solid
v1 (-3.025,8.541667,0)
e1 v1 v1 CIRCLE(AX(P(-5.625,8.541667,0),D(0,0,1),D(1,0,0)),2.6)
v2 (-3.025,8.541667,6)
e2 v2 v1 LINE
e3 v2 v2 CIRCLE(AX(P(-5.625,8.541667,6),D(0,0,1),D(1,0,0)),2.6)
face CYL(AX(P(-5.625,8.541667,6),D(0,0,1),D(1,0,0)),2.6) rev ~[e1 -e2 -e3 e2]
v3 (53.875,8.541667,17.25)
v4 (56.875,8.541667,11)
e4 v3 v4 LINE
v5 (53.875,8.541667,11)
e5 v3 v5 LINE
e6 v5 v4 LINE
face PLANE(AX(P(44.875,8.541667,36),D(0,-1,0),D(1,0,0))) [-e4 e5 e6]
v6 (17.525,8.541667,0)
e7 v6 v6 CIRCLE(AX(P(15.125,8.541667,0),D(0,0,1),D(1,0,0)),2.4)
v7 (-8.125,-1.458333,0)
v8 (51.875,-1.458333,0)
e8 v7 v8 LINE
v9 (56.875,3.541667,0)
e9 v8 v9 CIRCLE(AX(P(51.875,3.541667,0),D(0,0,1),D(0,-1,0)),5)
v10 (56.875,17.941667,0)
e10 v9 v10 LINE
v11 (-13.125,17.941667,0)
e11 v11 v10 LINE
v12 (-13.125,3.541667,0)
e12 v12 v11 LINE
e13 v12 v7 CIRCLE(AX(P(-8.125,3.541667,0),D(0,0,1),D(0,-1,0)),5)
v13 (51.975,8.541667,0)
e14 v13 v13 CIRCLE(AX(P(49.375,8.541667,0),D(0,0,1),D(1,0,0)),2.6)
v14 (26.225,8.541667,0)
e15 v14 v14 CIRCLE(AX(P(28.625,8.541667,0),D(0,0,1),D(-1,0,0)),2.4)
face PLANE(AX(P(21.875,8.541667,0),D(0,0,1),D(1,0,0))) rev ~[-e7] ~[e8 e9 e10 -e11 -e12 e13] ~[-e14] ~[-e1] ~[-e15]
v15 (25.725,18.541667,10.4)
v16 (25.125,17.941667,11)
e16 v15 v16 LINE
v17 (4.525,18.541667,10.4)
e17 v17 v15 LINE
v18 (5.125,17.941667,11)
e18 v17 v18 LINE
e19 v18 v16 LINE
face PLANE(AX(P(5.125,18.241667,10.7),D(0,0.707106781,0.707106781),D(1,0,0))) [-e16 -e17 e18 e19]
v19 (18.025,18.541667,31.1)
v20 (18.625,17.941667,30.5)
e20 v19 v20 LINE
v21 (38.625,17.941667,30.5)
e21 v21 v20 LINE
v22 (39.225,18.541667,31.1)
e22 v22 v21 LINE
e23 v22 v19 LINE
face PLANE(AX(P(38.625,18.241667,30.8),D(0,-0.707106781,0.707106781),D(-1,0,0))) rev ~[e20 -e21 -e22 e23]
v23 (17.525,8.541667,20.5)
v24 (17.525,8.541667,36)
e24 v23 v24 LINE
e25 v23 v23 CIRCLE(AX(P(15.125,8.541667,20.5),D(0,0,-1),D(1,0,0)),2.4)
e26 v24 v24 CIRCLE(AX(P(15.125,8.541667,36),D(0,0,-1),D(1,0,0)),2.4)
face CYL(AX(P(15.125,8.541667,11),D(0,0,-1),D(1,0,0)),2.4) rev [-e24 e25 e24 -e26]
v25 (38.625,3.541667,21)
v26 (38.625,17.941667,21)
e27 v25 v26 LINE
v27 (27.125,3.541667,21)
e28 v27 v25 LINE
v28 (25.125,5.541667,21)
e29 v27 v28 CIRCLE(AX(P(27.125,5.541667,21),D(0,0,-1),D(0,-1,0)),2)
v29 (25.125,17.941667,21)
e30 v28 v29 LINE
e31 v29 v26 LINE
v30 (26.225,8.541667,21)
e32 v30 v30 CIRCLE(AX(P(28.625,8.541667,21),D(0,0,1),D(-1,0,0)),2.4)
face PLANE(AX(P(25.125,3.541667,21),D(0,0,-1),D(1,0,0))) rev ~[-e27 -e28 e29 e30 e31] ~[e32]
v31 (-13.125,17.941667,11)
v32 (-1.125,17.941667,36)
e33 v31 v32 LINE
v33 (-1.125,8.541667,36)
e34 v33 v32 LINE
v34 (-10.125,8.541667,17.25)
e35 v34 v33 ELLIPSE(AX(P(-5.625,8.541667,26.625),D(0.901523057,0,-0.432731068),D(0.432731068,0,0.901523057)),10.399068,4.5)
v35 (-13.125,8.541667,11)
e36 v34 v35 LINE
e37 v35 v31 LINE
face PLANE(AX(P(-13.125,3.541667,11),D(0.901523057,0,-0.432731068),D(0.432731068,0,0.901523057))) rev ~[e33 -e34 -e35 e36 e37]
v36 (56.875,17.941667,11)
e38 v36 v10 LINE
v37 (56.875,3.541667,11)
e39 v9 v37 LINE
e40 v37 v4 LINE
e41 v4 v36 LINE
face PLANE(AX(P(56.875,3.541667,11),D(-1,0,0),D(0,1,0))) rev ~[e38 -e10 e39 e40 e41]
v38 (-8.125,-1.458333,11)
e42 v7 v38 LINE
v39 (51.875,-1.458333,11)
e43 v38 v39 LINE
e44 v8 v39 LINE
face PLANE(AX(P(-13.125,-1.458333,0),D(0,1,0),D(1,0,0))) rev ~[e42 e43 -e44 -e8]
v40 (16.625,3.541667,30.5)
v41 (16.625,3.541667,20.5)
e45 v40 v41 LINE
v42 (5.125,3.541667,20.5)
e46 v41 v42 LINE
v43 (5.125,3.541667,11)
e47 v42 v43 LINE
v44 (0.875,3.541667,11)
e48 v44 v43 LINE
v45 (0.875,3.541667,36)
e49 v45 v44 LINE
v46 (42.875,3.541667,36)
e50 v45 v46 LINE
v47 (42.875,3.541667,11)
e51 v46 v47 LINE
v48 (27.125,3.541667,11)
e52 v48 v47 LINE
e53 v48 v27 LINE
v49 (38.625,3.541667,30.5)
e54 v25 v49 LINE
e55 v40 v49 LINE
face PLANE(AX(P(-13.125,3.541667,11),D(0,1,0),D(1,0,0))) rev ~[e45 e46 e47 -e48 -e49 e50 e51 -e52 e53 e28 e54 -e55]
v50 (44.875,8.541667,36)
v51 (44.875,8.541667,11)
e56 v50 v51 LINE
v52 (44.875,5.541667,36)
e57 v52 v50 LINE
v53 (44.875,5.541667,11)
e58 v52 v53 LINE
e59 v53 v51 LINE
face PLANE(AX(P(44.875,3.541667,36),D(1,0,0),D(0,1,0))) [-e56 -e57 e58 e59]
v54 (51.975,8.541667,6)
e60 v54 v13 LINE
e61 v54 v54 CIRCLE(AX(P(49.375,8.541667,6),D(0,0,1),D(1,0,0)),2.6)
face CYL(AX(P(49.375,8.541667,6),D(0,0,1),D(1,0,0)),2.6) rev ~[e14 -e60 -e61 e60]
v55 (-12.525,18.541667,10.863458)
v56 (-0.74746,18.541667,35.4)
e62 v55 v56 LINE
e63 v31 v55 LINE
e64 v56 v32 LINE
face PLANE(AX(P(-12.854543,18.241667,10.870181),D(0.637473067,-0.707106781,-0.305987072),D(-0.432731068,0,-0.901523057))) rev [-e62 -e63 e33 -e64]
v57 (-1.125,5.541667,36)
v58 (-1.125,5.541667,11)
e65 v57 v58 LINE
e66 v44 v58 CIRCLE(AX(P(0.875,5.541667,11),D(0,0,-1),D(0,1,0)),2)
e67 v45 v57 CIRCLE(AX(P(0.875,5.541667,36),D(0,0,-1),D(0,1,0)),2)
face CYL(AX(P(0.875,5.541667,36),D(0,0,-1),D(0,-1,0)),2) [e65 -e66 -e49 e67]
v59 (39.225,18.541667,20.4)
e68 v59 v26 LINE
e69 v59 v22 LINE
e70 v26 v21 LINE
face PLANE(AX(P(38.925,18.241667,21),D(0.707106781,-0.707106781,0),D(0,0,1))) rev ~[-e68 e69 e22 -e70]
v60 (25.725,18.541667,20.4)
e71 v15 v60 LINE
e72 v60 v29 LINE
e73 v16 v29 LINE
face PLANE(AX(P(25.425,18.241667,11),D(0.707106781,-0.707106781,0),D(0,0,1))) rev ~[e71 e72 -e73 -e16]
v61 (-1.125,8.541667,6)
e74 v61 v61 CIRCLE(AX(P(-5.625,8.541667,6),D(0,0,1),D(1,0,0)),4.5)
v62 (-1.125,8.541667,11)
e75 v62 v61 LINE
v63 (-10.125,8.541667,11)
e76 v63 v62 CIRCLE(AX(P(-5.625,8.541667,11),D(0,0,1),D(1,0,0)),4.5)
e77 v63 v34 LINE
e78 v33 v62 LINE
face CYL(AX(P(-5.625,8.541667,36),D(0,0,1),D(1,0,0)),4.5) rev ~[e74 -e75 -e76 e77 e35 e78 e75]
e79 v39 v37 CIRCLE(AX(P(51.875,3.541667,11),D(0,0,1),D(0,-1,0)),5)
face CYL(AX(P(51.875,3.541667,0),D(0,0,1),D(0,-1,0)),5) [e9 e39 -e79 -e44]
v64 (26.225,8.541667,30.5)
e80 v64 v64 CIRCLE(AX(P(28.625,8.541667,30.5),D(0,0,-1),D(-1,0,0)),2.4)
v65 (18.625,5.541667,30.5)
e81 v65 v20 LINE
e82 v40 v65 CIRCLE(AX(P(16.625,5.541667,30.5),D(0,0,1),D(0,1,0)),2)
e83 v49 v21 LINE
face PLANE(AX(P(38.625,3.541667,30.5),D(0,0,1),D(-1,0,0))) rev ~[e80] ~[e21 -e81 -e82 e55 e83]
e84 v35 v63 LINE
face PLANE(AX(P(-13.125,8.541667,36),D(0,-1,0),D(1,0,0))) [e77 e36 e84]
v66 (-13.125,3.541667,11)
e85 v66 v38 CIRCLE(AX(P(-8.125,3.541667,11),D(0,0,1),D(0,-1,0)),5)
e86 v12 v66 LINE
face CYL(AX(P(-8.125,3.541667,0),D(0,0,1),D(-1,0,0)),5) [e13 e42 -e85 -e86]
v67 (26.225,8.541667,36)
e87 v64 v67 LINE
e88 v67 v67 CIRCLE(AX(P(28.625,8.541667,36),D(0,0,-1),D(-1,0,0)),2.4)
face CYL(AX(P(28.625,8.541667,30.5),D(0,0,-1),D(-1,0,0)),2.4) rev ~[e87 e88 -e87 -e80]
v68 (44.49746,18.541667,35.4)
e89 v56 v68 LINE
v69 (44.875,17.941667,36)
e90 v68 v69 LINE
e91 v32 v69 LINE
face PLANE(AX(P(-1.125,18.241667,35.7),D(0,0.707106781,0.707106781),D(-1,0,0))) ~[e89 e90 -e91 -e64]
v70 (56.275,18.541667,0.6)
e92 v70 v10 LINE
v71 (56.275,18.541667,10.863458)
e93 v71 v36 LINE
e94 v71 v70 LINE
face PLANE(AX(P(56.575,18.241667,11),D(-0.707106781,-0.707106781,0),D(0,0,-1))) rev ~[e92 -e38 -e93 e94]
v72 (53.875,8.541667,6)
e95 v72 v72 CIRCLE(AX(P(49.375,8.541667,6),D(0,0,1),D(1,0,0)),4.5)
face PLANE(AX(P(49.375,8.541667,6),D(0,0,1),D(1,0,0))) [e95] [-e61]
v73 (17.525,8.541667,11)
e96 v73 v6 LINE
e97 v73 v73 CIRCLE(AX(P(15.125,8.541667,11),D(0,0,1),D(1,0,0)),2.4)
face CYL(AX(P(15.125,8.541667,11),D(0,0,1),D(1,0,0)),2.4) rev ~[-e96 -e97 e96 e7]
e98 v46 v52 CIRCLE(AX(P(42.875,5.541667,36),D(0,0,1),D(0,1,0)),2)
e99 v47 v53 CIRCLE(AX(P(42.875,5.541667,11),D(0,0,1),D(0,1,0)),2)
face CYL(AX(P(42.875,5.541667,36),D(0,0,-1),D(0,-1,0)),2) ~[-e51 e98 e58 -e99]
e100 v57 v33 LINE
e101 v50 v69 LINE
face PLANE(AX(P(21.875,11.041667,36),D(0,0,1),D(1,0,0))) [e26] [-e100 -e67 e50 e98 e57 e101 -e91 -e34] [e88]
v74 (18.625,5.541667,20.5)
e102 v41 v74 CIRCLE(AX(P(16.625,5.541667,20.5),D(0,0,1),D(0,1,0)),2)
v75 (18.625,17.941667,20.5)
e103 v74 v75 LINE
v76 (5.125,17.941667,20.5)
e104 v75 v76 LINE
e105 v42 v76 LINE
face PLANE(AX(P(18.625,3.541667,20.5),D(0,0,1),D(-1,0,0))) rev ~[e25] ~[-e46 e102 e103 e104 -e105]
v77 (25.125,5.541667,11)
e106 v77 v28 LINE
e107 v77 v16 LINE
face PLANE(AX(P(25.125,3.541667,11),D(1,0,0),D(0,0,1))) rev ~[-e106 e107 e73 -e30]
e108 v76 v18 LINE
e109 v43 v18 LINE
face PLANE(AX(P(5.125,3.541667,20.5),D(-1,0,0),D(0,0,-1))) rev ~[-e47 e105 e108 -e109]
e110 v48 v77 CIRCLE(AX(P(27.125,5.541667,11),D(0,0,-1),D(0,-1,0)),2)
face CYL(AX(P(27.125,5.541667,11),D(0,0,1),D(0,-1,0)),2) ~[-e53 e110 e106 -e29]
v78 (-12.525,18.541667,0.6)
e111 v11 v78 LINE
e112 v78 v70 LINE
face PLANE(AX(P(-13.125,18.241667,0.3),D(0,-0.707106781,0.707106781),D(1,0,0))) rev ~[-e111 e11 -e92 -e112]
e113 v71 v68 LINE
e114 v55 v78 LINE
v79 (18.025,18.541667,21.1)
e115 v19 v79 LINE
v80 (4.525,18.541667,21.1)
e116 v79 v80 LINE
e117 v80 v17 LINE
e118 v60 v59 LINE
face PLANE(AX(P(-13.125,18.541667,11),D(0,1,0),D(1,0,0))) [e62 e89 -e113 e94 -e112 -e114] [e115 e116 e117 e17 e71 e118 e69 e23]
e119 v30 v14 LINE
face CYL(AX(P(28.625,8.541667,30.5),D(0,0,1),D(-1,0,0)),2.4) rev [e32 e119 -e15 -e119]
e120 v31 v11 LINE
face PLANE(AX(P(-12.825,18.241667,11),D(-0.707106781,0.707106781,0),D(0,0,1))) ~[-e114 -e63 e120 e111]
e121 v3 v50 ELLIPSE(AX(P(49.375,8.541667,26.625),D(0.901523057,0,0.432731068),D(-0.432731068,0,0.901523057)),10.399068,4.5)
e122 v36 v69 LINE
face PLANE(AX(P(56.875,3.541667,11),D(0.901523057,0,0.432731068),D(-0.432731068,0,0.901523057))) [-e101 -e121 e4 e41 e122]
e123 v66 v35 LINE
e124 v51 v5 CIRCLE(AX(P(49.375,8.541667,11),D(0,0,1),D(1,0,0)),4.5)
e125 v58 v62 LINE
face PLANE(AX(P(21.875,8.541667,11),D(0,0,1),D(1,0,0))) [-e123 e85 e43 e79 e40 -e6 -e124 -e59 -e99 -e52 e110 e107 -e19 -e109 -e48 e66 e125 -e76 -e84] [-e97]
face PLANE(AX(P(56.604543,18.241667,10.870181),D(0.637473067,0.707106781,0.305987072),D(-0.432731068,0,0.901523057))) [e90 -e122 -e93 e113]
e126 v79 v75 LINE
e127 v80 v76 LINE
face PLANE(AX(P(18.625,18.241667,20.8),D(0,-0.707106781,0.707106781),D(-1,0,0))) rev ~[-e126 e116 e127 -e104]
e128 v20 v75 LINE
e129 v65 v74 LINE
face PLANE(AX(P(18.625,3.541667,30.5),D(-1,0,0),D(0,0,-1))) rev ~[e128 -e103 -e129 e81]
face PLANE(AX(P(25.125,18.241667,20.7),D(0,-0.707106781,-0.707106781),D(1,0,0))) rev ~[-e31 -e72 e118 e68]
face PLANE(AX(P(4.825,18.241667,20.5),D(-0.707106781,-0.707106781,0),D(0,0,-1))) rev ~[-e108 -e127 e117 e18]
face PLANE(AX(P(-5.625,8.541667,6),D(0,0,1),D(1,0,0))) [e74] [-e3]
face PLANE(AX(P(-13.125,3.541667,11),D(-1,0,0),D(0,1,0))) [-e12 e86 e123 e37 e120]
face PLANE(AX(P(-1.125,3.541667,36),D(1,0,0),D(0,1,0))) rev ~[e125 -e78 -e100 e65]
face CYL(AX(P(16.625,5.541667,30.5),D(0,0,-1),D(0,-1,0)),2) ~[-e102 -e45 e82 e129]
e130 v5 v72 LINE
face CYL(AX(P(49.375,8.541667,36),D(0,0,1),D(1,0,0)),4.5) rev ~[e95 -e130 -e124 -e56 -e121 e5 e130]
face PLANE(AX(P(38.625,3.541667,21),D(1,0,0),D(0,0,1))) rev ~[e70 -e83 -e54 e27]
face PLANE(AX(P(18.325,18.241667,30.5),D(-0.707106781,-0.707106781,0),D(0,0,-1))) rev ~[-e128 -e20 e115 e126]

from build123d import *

# Parameters (mm, degrees)
SKETCH_1_W               = 70
SKETCH_1_H               = 20
EXTRUDE_1_DEPTH          = 11
SKETCH_3_W               = 70
SKETCH_3_H               = 15
EXTRUDE_2_DEPTH          = 25
CUT_EXTRUDE_1_DEPTH      = 15
SKETCH_5_R               = 4.5
CUT_EXTRUDE_2_DEPTH      = 30
SKETCH_11_R              = 2.6
CUT_EXTRUDE_7_DEPTH      = 6
SKETCH_12_W              = 12
SKETCH_12_H              = 5
CUT_EXTRUDE_8_DEPTH      = 25
SKETCH_8_R               = 2.4
CUT_EXTRUDE_5_DEPTH      = 31.5
CUT_EXTRUDE_5_DEPTH_BACK = 6.5
SKETCH_10_R              = 2.4
CUT_EXTRUDE_6_DEPTH      = 26
CUT_EXTRUDE_6_DEPTH_BACK = 12
FILLET_1_R               = 5
CHAMFER_1_SIZE           = 0.6
FILLET_2_R               = 2


with BuildPart() as part:
    # 草图1 → 凸台-拉伸1 (new body)
    with BuildSketch(Plane.XY):
        with Locations((21.875, 8.541666667)):
            Rectangle(SKETCH_1_W, SKETCH_1_H)
    extrude(amount=EXTRUDE_1_DEPTH)

    # 草图3 → 凸台-拉伸2 (add)
    with BuildSketch(Plane.XY.offset(11)):
        with Locations((21.875, 11.041666667)):
            Rectangle(SKETCH_3_W, SKETCH_3_H)
    extrude(amount=EXTRUDE_2_DEPTH)

    # 草图4 → 切除-拉伸1 (cut)
    with BuildSketch(Plane.XZ.offset(-3.541666667)):
        Polygon((-13.125, 36), (-13.125, 11), (-1.125, 36), align=None)
        Polygon((56.875, 11), (44.875, 36), (56.875, 36), align=None)
        Polygon((5.125, 11), (25.125, 11), (25.125, 21), (38.625, 21), (38.625, 30.5), (18.625, 30.5), (18.625, 21), (18.625, 20.5), (5.125, 20.5), align=None)
    extrude(amount=-CUT_EXTRUDE_1_DEPTH, mode=Mode.SUBTRACT)

    # 草图5 → 切除-拉伸2 (cut)
    with BuildSketch(Plane.XY.offset(36)):
        with Locations((-5.625, 8.541666667)):
            Circle(SKETCH_5_R)
        with Locations((49.375, 8.541666667)):
            Circle(SKETCH_5_R)
    extrude(amount=-CUT_EXTRUDE_2_DEPTH, mode=Mode.SUBTRACT)

    # 草图11 → 切除-拉伸7 (cut)
    with BuildSketch(Plane.XY.offset(6)):
        with Locations((-5.625, 8.541666667)):
            Circle(SKETCH_11_R)
        with Locations((49.375, 8.541666667)):
            Circle(SKETCH_11_R)
    extrude(amount=-CUT_EXTRUDE_7_DEPTH, mode=Mode.SUBTRACT)

    # 草图12 → 切除-拉伸8 (cut)
    with BuildSketch(Plane.XY.offset(36)):
        with Locations((-7.125, 6.041666667)):
            Rectangle(SKETCH_12_W, SKETCH_12_H)
        with Locations((50.875, 6.041666667)):
            Rectangle(SKETCH_12_W, SKETCH_12_H)
    extrude(amount=-CUT_EXTRUDE_8_DEPTH, mode=Mode.SUBTRACT)

    # 草图8 → 切除-拉伸5 (cut, two sides)
    with BuildSketch(Plane(origin=(0, 0, 30.5), x_dir=(-1, 0, 0), z_dir=(0, 0, -1))) as cut_extrude_5_sk:
        with Locations((-28.625, 8.541666667)):
            Circle(SKETCH_8_R)
    extrude(amount=CUT_EXTRUDE_5_DEPTH, mode=Mode.SUBTRACT)
    extrude(cut_extrude_5_sk.sketch, amount=-CUT_EXTRUDE_5_DEPTH_BACK, mode=Mode.SUBTRACT)

    # 草图10 → 切除-拉伸6 (cut, two sides)
    with BuildSketch(Plane.XY.offset(11)) as cut_extrude_6_sk:
        with Locations((15.125, 8.541666667)):
            Circle(SKETCH_10_R)
    extrude(amount=CUT_EXTRUDE_6_DEPTH, mode=Mode.SUBTRACT)
    extrude(cut_extrude_6_sk.sketch, amount=-CUT_EXTRUDE_6_DEPTH_BACK, mode=Mode.SUBTRACT)

    # 圆角1
    fillet_1_edges = [part.edges().sort_by_distance(p)[0] for p in [
        (56.875, -1.458333333, 5.5),
        (-13.125, -1.458333333, 5.5),
    ]]
    fillet(fillet_1_edges, radius=FILLET_1_R)

    # 倒角1
    chamfer_1_edges = [part.edges().sort_by_distance(p)[0] for p in [
        (21.875, 18.541666667, 36),
        (-13.125, 18.541666667, 5.5),
        (56.875, 18.541666667, 5.5),
        (-7.125, 18.541666667, 23.5),
        (50.875, 18.541666667, 23.5),
        (5.125, 18.541666667, 15.75),
        (11.875, 18.541666667, 20.5),
        (18.625, 18.541666667, 25.5),
        (21.875, 18.541666667, 0),
        (28.625, 18.541666667, 30.5),
        (38.625, 18.541666667, 25.75),
        (31.875, 18.541666667, 21),
        (25.125, 18.541666667, 16),
        (15.125, 18.541666667, 11),
    ]]
    chamfer(chamfer_1_edges, length=CHAMFER_1_SIZE)

    # 圆角2
    fillet_2_edges = [part.edges().sort_by_distance(p)[0] for p in [
        (-1.125, 3.541666667, 23.5),
        (44.875, 3.541666667, 23.5),
        (25.125, 3.541666667, 16),
        (18.625, 3.541666667, 25.5),
    ]]
    fillet(fillet_2_edges, radius=FILLET_2_R)


solid = part.part
